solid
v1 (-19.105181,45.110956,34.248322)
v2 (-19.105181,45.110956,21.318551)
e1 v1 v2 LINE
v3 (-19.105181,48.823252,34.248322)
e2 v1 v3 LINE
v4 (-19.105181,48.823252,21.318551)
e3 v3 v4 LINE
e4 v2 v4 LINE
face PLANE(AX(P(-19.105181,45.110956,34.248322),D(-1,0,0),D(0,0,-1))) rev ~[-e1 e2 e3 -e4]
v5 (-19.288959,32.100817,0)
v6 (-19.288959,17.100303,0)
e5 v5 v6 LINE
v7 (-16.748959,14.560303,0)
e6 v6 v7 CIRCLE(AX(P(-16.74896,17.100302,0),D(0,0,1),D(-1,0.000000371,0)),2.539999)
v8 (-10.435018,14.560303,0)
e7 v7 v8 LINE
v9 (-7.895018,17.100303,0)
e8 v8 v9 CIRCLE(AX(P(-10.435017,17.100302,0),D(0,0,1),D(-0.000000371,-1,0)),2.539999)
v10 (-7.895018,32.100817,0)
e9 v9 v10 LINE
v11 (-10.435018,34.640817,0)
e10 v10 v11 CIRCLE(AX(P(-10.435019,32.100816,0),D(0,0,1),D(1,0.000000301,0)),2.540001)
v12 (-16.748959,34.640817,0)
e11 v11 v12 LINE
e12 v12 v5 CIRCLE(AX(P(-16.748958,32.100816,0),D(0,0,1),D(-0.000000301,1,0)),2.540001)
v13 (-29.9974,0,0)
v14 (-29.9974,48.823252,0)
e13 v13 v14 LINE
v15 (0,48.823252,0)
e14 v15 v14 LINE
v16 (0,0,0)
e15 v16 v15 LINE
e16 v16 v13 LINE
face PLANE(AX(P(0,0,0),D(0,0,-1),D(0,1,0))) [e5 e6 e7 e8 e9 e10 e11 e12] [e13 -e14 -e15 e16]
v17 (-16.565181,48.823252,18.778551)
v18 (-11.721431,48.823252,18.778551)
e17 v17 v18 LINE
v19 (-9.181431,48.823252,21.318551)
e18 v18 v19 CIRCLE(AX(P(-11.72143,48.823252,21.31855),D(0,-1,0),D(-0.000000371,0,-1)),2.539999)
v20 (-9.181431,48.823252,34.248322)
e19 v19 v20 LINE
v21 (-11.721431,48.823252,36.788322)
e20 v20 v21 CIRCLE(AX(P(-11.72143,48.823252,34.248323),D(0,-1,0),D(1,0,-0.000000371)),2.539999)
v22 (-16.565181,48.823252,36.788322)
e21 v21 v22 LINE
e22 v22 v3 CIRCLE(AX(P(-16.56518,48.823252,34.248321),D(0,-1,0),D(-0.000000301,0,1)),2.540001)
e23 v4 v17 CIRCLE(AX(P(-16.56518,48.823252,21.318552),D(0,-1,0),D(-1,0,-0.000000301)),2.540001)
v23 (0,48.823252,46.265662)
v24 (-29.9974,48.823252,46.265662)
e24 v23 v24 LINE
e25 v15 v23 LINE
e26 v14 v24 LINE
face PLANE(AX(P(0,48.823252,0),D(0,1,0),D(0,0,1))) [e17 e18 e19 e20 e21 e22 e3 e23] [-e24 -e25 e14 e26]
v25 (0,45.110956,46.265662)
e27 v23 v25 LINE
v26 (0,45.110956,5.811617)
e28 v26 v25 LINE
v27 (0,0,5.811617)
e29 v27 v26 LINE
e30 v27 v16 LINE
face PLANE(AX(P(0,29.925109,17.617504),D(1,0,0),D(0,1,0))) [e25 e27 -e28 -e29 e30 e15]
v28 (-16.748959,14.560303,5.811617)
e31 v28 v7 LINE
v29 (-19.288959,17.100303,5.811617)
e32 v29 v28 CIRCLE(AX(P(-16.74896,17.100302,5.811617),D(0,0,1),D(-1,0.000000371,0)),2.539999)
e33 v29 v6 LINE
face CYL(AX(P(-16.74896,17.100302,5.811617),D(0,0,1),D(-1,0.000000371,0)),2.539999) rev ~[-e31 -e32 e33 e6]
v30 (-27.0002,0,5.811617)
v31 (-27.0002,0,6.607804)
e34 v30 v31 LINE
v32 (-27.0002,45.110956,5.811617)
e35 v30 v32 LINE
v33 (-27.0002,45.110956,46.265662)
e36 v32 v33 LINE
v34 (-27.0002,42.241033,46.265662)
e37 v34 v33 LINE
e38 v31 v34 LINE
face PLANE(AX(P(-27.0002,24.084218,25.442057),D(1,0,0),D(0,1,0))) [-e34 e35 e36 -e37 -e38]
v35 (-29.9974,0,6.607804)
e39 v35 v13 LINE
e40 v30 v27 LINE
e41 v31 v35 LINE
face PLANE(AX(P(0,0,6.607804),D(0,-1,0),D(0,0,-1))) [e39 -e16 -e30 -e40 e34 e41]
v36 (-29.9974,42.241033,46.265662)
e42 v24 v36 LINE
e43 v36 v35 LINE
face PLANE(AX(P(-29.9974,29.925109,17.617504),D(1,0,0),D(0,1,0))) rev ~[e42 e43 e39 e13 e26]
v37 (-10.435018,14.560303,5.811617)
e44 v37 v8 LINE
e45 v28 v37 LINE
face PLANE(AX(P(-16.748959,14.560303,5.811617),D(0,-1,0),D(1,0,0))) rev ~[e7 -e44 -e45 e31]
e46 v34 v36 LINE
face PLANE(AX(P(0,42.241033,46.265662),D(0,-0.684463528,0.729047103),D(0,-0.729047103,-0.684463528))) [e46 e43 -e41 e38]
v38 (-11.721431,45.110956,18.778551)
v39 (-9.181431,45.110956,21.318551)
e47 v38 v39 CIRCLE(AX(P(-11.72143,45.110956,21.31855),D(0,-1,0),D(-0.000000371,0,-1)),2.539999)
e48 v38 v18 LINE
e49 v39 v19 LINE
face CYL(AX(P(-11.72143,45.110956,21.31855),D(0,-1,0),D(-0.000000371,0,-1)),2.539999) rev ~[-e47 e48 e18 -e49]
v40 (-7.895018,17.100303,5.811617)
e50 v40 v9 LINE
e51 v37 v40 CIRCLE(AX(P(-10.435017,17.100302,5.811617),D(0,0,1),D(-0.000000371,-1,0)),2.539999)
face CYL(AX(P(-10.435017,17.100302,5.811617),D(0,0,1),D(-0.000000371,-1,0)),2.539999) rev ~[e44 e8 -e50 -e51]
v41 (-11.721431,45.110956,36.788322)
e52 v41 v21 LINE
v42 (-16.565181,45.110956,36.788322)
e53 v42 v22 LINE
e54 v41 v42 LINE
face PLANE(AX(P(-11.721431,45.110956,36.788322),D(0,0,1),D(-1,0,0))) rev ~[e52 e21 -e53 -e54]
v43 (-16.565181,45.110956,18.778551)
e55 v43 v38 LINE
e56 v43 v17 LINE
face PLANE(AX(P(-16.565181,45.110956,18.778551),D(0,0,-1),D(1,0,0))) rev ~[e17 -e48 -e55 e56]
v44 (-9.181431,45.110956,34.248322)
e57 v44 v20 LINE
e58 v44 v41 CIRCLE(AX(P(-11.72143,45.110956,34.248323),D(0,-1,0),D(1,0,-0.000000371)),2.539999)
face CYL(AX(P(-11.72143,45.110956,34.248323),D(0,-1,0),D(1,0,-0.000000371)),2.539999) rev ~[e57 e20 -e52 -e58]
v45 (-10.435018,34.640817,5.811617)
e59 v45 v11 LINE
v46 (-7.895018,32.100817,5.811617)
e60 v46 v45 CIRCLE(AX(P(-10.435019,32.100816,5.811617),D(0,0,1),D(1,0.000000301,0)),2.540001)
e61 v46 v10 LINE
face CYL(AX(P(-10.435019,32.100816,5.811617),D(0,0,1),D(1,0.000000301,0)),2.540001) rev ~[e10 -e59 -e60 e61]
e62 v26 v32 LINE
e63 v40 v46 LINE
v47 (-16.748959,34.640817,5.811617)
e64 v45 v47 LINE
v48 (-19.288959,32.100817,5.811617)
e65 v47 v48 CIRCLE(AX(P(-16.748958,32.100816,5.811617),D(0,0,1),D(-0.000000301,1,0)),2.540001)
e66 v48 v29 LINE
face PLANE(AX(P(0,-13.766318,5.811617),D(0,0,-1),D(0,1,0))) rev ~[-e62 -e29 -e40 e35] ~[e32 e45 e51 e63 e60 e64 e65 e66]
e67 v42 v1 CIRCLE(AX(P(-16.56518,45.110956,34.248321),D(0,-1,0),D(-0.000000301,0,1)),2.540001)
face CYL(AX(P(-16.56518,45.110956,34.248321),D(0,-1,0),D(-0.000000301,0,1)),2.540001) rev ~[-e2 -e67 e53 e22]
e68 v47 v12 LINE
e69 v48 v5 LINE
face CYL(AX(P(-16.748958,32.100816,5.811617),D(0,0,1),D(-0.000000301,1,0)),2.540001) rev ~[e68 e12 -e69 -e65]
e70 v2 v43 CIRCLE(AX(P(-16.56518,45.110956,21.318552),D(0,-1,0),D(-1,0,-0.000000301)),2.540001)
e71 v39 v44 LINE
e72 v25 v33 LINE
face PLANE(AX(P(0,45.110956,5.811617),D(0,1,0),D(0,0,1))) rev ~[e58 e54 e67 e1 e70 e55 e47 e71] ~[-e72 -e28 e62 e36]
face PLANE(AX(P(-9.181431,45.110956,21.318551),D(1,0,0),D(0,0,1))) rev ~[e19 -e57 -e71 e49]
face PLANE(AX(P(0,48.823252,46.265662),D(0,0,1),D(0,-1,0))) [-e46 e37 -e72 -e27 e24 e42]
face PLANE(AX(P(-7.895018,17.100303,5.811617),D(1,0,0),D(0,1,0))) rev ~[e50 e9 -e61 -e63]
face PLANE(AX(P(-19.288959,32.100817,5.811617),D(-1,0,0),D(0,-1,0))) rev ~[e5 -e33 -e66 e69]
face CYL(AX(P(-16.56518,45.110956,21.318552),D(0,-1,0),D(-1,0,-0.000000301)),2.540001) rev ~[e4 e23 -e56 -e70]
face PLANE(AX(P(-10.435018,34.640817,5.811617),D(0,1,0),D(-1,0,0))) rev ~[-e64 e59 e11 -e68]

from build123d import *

# Parameters (mm, degrees)
F1_DEPTH = 29.9974
F3_DEPTH = 27.0002
F6_DEPTH = 5.811617
F8_DEPTH = 3.712296


with BuildPart() as f1:
    # F0 (on Right) → F1 (new body)
    with BuildSketch(Plane.YZ):
        Polygon((0, 6.607804), (0, 0), (48.823252, 0), (48.823252, 46.265662), (42.241033, 46.265662), align=None)
    extrude(amount=-F1_DEPTH)


with BuildPart() as f3:
    # F2 (on Right) → F3 (new body)
    with BuildSketch(Plane.YZ):
        Polygon((45.110956, 5.811617), (45.110956, 61.896294), (-13.766318, 5.811617), align=None)
    extrude(amount=-F3_DEPTH)


with BuildPart() as f1_1:
    add(f1.part)

    # F4: cut F3
    add(f3.part, mode=Mode.SUBTRACT)

    # F5 (on face) → F6 (cut, through all)
    with BuildSketch(Plane.XY.offset(5.811617)):
        with BuildLine():
            Line((-10.435018, 34.640817), (-16.748959, 34.640817))
            ThreePointArc((-16.748959, 34.640817), (-18.54501, 33.896868), (-19.288959, 32.100817))
            Line((-19.288959, 32.100817), (-19.288959, 17.100303))
            ThreePointArc((-19.288959, 17.100303), (-18.54501, 15.304251), (-16.748959, 14.560303))
            Line((-16.748959, 14.560303), (-10.435018, 14.560303))
            ThreePointArc((-10.435018, 14.560303), (-8.638967, 15.304251), (-7.895018, 17.100303))
            Line((-7.895018, 17.100303), (-7.895018, 32.100817))
            ThreePointArc((-7.895018, 32.100817), (-8.638967, 33.896868), (-10.435018, 34.640817))
        make_face()
    extrude(amount=-F6_DEPTH, mode=Mode.SUBTRACT)

    # F7 (on face) → F8 (cut, through all)
    with BuildSketch(Plane.XZ.offset(-45.110956)):
        with BuildLine():
            Line((-11.721431, 36.788322), (-16.565181, 36.788322))
            ThreePointArc((-16.565181, 36.788322), (-18.361232, 36.044373), (-19.105181, 34.248322))
            Line((-19.105181, 34.248322), (-19.105181, 21.318551))
            ThreePointArc((-19.105181, 21.318551), (-18.361232, 19.5225), (-16.565181, 18.778551))
            Line((-16.565181, 18.778551), (-11.721431, 18.778551))
            ThreePointArc((-11.721431, 18.778551), (-9.925379, 19.5225), (-9.181431, 21.318551))
            Line((-9.181431, 21.318551), (-9.181431, 34.248322))
            ThreePointArc((-9.181431, 34.248322), (-9.925379, 36.044373), (-11.721431, 36.788322))
        make_face()
    extrude(amount=-F8_DEPTH, mode=Mode.SUBTRACT)


solid = f1_1.part
